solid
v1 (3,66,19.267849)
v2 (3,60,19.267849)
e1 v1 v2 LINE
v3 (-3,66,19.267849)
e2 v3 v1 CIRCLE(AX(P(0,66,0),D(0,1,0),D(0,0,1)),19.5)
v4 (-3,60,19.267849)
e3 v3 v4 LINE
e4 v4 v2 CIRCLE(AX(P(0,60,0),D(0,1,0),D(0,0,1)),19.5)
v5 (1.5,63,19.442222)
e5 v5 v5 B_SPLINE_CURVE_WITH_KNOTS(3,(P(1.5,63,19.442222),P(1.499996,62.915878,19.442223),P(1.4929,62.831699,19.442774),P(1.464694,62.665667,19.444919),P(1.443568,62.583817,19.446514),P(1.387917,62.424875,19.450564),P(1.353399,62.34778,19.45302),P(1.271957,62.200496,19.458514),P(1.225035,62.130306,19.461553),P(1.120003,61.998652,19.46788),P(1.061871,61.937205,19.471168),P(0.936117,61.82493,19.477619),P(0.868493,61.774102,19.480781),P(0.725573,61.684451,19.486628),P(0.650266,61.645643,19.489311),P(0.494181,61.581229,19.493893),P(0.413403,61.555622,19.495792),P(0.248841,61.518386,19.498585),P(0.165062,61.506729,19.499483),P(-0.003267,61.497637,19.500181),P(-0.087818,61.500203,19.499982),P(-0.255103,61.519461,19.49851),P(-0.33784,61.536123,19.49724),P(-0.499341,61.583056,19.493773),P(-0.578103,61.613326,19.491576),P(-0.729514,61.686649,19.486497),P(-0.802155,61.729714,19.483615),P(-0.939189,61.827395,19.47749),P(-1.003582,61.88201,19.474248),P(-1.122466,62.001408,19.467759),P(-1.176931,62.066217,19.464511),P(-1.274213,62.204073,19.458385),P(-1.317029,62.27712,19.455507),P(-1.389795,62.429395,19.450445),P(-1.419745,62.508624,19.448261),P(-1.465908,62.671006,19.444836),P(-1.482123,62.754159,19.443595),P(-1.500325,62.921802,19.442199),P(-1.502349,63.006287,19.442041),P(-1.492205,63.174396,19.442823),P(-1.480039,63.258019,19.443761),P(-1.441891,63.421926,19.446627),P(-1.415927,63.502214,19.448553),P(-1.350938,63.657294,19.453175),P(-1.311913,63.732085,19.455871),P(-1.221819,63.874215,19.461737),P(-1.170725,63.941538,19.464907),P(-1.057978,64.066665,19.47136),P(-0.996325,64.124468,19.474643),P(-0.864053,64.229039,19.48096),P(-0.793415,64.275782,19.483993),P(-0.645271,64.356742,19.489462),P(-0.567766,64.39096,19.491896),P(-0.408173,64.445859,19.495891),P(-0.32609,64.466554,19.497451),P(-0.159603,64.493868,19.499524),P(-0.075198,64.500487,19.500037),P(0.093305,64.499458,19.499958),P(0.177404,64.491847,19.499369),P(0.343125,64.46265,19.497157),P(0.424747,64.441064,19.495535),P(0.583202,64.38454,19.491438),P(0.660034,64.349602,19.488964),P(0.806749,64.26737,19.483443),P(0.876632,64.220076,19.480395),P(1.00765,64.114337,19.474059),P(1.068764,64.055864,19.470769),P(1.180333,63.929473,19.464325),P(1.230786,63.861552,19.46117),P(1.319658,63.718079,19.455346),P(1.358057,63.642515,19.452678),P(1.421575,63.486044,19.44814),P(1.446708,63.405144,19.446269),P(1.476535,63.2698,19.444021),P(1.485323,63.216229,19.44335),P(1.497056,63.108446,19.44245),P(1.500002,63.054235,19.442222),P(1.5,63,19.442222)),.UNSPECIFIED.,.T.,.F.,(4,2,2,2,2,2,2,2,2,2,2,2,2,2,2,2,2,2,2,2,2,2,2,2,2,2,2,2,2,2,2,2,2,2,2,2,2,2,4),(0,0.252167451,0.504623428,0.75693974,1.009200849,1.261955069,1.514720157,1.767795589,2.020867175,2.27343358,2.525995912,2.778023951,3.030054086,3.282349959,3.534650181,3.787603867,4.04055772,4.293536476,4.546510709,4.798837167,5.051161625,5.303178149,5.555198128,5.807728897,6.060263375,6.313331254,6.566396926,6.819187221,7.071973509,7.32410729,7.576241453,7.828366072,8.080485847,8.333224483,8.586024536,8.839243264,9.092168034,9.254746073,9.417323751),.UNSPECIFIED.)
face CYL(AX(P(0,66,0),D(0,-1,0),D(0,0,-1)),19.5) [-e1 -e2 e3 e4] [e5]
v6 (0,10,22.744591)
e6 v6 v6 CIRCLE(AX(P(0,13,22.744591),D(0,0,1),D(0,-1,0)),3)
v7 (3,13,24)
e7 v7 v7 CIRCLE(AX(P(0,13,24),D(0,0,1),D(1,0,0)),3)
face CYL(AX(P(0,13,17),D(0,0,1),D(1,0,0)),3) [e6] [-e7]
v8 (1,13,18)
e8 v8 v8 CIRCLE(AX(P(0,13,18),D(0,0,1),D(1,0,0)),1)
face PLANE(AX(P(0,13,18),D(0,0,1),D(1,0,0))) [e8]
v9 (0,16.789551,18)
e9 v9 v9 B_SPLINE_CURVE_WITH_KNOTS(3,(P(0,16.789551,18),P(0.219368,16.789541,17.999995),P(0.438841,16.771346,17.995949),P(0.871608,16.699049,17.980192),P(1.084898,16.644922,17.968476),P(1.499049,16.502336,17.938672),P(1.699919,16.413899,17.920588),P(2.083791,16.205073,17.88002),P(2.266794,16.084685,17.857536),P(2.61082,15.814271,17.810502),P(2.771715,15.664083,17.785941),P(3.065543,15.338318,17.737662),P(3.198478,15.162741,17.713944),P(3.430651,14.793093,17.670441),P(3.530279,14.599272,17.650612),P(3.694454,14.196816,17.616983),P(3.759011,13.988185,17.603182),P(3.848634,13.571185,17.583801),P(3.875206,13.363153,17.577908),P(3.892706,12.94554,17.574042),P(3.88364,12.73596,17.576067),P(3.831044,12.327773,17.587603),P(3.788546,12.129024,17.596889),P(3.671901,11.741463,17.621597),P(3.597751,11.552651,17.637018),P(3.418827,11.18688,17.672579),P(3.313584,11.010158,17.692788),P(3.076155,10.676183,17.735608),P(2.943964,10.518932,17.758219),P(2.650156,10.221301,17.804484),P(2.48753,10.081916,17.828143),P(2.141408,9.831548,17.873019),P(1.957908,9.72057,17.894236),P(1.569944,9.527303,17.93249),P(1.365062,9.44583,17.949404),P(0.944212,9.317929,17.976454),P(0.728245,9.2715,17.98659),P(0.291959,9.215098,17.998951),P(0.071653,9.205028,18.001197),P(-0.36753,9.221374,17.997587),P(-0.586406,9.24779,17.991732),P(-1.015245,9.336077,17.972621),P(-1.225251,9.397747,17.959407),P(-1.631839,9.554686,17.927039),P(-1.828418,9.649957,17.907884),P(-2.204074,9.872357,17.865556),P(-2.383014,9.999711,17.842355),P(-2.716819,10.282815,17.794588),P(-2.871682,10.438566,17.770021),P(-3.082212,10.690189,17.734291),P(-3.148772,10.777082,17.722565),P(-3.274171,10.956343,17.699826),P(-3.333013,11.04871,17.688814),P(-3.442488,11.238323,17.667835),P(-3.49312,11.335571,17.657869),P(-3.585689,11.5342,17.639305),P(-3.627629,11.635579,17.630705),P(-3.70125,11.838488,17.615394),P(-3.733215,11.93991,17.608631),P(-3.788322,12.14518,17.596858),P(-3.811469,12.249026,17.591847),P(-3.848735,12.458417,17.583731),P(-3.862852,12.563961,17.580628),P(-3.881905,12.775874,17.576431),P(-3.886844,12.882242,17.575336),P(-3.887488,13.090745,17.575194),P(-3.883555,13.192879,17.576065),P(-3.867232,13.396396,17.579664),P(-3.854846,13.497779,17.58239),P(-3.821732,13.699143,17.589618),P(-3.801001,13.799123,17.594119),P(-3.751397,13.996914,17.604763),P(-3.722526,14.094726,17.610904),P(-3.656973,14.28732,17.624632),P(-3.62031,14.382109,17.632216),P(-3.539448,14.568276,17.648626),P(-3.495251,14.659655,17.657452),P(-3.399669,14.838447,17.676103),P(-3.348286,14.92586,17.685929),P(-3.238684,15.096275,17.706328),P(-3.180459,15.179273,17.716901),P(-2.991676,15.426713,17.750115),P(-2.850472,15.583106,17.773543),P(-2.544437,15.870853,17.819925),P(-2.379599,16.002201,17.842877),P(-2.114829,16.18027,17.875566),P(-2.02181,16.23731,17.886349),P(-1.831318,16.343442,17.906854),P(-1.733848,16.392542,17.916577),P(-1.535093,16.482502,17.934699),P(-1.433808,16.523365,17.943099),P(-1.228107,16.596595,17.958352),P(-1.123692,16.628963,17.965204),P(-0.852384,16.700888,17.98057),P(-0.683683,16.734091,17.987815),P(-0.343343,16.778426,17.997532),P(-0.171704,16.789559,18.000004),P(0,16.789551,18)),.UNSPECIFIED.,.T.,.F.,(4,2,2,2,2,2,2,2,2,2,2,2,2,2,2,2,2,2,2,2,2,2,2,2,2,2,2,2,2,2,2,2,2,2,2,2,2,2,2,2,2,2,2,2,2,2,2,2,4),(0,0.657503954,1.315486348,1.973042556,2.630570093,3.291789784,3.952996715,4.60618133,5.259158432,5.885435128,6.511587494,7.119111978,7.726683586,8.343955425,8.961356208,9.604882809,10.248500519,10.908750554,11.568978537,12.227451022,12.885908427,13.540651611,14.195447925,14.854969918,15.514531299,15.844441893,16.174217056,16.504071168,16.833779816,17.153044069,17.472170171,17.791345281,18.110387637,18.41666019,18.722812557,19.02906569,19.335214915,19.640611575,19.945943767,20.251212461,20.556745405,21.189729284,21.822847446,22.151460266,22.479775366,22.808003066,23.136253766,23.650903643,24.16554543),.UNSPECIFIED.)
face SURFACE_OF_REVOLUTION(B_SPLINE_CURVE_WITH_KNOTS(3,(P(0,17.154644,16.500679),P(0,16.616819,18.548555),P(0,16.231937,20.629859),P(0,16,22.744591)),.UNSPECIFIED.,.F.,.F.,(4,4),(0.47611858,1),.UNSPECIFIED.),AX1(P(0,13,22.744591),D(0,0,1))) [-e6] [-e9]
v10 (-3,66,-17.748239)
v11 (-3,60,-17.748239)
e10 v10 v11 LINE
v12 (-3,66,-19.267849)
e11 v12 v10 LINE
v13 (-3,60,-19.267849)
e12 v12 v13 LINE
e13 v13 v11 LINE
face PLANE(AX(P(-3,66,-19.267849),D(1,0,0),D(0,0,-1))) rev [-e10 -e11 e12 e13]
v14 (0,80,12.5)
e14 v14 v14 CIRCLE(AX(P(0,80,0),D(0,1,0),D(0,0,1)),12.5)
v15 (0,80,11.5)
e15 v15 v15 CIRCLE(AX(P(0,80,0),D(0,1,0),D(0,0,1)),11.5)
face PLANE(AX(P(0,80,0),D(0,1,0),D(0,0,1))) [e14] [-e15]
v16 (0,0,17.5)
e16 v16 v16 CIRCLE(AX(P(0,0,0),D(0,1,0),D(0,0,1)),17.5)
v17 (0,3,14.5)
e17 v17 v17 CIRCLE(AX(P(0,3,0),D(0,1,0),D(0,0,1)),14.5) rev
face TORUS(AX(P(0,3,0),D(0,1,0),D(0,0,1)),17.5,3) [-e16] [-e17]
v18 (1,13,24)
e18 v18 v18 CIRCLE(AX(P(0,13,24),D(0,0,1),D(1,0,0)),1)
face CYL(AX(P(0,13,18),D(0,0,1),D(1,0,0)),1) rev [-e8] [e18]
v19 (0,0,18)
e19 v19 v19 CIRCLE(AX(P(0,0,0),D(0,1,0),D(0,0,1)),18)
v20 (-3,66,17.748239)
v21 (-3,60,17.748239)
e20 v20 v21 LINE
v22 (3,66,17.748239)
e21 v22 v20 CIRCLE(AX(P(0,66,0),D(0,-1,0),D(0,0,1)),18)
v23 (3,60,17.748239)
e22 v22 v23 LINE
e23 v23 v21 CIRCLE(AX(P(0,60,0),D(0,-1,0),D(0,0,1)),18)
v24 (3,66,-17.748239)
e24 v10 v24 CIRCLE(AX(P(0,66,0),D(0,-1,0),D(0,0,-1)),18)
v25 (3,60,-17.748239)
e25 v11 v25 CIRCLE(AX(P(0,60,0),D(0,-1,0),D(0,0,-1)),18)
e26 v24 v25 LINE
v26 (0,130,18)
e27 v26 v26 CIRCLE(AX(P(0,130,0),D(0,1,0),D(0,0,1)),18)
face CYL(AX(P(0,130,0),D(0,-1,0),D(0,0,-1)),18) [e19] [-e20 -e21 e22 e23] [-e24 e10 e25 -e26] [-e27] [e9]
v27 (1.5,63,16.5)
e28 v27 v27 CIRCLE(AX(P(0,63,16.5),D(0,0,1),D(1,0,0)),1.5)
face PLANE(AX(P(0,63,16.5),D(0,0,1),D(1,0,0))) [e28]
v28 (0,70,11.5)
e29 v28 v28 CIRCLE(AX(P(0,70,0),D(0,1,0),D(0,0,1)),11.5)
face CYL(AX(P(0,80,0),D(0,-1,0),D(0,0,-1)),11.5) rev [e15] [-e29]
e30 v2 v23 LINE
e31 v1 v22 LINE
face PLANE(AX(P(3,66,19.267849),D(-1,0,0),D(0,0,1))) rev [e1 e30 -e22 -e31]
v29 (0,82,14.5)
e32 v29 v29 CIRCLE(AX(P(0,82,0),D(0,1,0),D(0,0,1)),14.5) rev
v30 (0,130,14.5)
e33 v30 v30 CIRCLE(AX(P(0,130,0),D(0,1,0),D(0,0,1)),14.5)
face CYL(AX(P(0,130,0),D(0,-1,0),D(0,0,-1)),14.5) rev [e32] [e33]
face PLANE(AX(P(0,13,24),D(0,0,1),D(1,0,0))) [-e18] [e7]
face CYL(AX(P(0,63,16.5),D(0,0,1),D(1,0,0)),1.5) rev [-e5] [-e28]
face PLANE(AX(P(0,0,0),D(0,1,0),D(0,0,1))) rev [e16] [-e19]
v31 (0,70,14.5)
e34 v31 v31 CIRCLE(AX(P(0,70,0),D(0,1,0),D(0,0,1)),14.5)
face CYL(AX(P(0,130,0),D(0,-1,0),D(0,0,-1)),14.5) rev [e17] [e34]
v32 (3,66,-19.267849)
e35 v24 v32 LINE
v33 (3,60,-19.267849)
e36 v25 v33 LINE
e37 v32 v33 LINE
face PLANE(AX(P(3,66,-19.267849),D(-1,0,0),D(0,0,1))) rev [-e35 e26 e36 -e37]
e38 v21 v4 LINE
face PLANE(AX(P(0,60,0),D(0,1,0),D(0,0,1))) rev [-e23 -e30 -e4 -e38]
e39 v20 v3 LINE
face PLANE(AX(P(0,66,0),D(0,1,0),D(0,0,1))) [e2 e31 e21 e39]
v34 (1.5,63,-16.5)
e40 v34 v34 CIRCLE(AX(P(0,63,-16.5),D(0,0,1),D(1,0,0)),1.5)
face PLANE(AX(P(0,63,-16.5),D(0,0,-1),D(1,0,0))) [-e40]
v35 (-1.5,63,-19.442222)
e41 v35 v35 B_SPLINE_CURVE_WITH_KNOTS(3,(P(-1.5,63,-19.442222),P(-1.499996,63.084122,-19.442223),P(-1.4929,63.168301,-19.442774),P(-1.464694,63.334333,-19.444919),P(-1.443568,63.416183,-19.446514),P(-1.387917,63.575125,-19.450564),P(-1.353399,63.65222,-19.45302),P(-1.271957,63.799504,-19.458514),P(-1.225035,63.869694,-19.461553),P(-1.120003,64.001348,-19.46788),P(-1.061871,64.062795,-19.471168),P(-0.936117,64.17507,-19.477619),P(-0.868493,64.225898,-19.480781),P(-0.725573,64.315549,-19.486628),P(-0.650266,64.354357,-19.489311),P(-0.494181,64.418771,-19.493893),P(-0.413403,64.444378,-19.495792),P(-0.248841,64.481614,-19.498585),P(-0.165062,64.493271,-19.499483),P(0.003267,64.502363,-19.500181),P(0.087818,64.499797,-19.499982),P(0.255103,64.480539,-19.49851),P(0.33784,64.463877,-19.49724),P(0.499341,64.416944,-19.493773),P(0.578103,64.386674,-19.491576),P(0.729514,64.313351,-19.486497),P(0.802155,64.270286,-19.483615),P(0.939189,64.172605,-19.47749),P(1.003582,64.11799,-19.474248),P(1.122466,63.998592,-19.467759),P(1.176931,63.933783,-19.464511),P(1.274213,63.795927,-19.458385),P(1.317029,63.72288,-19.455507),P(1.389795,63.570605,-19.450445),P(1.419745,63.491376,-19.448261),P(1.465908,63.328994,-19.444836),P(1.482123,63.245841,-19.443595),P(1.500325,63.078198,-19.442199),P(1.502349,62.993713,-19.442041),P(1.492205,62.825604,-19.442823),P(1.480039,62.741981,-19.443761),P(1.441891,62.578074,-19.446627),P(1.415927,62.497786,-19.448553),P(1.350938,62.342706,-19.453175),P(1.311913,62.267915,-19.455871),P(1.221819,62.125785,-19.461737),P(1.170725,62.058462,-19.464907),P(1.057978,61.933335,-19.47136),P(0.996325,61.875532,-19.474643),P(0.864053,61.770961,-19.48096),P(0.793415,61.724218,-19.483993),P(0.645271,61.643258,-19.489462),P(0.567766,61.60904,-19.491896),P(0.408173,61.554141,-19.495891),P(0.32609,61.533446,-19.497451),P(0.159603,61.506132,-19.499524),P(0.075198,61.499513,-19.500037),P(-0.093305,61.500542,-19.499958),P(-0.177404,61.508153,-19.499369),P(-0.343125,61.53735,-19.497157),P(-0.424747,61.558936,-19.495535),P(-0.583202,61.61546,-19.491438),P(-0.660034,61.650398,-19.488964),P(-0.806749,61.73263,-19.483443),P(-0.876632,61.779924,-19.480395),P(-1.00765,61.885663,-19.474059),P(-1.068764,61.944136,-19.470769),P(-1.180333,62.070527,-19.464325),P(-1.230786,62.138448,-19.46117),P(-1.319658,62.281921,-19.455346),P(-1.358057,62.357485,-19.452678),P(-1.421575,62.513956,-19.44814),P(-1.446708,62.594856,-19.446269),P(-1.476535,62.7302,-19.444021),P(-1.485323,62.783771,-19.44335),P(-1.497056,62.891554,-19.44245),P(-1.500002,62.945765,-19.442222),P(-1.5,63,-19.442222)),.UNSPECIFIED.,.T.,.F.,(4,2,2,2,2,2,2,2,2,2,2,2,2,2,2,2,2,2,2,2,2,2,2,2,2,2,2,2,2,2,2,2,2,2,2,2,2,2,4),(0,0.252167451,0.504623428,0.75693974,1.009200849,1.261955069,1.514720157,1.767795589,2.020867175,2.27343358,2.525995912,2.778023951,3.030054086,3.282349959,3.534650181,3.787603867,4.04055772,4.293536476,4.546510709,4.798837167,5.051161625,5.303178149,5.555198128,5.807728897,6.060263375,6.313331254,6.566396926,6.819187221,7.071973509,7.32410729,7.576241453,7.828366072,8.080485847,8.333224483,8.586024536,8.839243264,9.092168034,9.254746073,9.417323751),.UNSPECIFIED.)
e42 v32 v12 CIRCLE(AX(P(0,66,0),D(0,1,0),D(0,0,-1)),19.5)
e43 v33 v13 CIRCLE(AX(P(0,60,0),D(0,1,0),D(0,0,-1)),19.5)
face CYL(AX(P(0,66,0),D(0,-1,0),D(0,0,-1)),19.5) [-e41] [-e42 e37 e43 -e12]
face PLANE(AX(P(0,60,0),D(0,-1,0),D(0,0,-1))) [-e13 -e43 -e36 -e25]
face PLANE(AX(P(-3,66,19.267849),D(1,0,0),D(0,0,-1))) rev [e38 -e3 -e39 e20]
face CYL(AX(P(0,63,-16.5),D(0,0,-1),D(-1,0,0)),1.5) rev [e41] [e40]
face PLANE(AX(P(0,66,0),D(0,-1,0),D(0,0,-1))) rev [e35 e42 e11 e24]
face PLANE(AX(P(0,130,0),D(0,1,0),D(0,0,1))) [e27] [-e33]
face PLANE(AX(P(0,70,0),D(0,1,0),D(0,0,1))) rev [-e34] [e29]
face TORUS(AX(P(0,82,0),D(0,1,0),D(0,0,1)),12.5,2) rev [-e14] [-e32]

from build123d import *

# Parameters (mm, degrees)
SKETCH1_R                = 18
SKETCH1_R_2              = 14.5
BOSS_EXTRUDE1_DEPTH      = 130
FILLET1_R                = 3
BOSS_EXTRUDE2_DEPTH      = 6
SKETCH4_R                = 1.5
CUT_EXTRUDE1_DEPTH       = 1.5
BOSS_EXTRUDE3_DEPTH      = 6
BOSS_EXTRUDE3_DEPTH_BACK = 1
SKETCH5_R                = 3
SKETCH7_R                = 1
CUT_EXTRUDE2_DEPTH       = 6
SKETCH8_R                = 14.5
SKETCH8_R_2              = 11.5
BOSS_EXTRUDE4_DEPTH      = 10
FILLET2_R                = 2


with BuildPart() as part:
    # Sketch1 → Boss-Extrude1 (new body)
    with BuildSketch(Plane(origin=(0, 0, 0), x_dir=(1, 0, 0), z_dir=(0, 1, 0))):
        Circle(SKETCH1_R)
        Circle(SKETCH1_R_2, mode=Mode.SUBTRACT)
    extrude(amount=BOSS_EXTRUDE1_DEPTH)

    # Fillet1
    fillet1_edges = [part.edges().sort_by_distance(p)[0] for p in [
        (-14.5, 0, 0),
    ]]
    fillet(fillet1_edges, radius=FILLET1_R)

    # Sketch3 → Boss-Extrude2 (add)
    with BuildSketch(Plane(origin=(0, 60, 0), x_dir=(1, 0, 0), z_dir=(0, 1, 0))):
        with BuildLine():
            Line((-3, -19.267848868), (-3, -17.748239349))
            ThreePointArc((-3, -17.748239349), (0, -18), (3, -17.748239349))
            Line((3, -17.748239349), (3, -19.267848868))
            ThreePointArc((3, -19.267848868), (0, -19.5), (-3, -19.267848868))
        make_face()
        with BuildLine():
            Line((3, 19.267848868), (3, 17.748239349))
            ThreePointArc((3, 17.748239349), (0, 18), (-3, 17.748239349))
            Line((-3, 17.748239349), (-3, 19.267848868))
            ThreePointArc((-3, 19.267848868), (0, 19.5), (3, 19.267848868))
        make_face()
    extrude(amount=BOSS_EXTRUDE2_DEPTH)

    # Sketch4 → Cut-Extrude1 (cut, symmetric)
    with BuildSketch(Plane.XY.offset(18)):
        with Locations((0, 63)):
            Circle(SKETCH4_R)
    cut_extrude1 = extrude(amount=CUT_EXTRUDE1_DEPTH, both=True, mode=Mode.SUBTRACT)

    # Mirror1: Cut-Extrude1 across plane
    add(cut_extrude1.mirror(Plane.XY), mode=Mode.SUBTRACT)



with BuildPart() as body_2:
    # Sketch5 → Boss-Extrude3 (new, two sides: drawn at the far end of the back side and taken through both)
    with BuildSketch(Plane.XY.offset(18).offset(-BOSS_EXTRUDE3_DEPTH_BACK)):
        with Locations((0, 13)):
            Circle(SKETCH5_R)
    extrude(amount=BOSS_EXTRUDE3_DEPTH + BOSS_EXTRUDE3_DEPTH_BACK)


with BuildPart() as part_1:
    add(part.part)

    add(body_2.part)  # Revolve1 merges body 2
    # Sketch6 → Revolve1 (revolve)
    with BuildSketch(Plane(origin=(0, 0, 0), x_dir=(0, 0, -1), z_dir=(1, 0, 0))):
        with BuildLine():
            Line((-22.744590516, 16), (-22.744590516, 13))
            Line((-22.744590516, 13), (-16.500678741, 13))
            Line((-16.500678741, 13), (-16.500678741, 17.154644063))
            add(Edge.make_bspline(
                [(-16.500678741, 17.154644063), (-18.548555394, 16.616818558), (-20.629859319, 16.231937203), (-22.744590516, 16)],
                knots=[0.47611858, 0.47611858, 0.47611858, 0.47611858, 1, 1, 1, 1], degree=3))
        make_face()
    revolve(axis=Axis((0, 13, 22.744590516), (0, 0, -1)))

    # Sketch7 → Cut-Extrude2 (cut)
    with BuildSketch(Plane.XY.offset(24)):
        with Locations((0, 13)):
            Circle(SKETCH7_R)
    extrude(amount=-CUT_EXTRUDE2_DEPTH, mode=Mode.SUBTRACT)

    # Sketch8 → Boss-Extrude4 (add)
    with BuildSketch(Plane(origin=(0, 70, 0), x_dir=(1, 0, 0), z_dir=(0, 1, 0))):
        Circle(SKETCH8_R)
        Circle(SKETCH8_R_2, mode=Mode.SUBTRACT)
    extrude(amount=BOSS_EXTRUDE4_DEPTH)

    # Fillet2
    fillet2_edges = [part_1.edges().sort_by_distance(p)[0] for p in [
        (-14.5, 80, 0),
    ]]
    fillet(fillet2_edges, radius=FILLET2_R)


solid = part_1.part
